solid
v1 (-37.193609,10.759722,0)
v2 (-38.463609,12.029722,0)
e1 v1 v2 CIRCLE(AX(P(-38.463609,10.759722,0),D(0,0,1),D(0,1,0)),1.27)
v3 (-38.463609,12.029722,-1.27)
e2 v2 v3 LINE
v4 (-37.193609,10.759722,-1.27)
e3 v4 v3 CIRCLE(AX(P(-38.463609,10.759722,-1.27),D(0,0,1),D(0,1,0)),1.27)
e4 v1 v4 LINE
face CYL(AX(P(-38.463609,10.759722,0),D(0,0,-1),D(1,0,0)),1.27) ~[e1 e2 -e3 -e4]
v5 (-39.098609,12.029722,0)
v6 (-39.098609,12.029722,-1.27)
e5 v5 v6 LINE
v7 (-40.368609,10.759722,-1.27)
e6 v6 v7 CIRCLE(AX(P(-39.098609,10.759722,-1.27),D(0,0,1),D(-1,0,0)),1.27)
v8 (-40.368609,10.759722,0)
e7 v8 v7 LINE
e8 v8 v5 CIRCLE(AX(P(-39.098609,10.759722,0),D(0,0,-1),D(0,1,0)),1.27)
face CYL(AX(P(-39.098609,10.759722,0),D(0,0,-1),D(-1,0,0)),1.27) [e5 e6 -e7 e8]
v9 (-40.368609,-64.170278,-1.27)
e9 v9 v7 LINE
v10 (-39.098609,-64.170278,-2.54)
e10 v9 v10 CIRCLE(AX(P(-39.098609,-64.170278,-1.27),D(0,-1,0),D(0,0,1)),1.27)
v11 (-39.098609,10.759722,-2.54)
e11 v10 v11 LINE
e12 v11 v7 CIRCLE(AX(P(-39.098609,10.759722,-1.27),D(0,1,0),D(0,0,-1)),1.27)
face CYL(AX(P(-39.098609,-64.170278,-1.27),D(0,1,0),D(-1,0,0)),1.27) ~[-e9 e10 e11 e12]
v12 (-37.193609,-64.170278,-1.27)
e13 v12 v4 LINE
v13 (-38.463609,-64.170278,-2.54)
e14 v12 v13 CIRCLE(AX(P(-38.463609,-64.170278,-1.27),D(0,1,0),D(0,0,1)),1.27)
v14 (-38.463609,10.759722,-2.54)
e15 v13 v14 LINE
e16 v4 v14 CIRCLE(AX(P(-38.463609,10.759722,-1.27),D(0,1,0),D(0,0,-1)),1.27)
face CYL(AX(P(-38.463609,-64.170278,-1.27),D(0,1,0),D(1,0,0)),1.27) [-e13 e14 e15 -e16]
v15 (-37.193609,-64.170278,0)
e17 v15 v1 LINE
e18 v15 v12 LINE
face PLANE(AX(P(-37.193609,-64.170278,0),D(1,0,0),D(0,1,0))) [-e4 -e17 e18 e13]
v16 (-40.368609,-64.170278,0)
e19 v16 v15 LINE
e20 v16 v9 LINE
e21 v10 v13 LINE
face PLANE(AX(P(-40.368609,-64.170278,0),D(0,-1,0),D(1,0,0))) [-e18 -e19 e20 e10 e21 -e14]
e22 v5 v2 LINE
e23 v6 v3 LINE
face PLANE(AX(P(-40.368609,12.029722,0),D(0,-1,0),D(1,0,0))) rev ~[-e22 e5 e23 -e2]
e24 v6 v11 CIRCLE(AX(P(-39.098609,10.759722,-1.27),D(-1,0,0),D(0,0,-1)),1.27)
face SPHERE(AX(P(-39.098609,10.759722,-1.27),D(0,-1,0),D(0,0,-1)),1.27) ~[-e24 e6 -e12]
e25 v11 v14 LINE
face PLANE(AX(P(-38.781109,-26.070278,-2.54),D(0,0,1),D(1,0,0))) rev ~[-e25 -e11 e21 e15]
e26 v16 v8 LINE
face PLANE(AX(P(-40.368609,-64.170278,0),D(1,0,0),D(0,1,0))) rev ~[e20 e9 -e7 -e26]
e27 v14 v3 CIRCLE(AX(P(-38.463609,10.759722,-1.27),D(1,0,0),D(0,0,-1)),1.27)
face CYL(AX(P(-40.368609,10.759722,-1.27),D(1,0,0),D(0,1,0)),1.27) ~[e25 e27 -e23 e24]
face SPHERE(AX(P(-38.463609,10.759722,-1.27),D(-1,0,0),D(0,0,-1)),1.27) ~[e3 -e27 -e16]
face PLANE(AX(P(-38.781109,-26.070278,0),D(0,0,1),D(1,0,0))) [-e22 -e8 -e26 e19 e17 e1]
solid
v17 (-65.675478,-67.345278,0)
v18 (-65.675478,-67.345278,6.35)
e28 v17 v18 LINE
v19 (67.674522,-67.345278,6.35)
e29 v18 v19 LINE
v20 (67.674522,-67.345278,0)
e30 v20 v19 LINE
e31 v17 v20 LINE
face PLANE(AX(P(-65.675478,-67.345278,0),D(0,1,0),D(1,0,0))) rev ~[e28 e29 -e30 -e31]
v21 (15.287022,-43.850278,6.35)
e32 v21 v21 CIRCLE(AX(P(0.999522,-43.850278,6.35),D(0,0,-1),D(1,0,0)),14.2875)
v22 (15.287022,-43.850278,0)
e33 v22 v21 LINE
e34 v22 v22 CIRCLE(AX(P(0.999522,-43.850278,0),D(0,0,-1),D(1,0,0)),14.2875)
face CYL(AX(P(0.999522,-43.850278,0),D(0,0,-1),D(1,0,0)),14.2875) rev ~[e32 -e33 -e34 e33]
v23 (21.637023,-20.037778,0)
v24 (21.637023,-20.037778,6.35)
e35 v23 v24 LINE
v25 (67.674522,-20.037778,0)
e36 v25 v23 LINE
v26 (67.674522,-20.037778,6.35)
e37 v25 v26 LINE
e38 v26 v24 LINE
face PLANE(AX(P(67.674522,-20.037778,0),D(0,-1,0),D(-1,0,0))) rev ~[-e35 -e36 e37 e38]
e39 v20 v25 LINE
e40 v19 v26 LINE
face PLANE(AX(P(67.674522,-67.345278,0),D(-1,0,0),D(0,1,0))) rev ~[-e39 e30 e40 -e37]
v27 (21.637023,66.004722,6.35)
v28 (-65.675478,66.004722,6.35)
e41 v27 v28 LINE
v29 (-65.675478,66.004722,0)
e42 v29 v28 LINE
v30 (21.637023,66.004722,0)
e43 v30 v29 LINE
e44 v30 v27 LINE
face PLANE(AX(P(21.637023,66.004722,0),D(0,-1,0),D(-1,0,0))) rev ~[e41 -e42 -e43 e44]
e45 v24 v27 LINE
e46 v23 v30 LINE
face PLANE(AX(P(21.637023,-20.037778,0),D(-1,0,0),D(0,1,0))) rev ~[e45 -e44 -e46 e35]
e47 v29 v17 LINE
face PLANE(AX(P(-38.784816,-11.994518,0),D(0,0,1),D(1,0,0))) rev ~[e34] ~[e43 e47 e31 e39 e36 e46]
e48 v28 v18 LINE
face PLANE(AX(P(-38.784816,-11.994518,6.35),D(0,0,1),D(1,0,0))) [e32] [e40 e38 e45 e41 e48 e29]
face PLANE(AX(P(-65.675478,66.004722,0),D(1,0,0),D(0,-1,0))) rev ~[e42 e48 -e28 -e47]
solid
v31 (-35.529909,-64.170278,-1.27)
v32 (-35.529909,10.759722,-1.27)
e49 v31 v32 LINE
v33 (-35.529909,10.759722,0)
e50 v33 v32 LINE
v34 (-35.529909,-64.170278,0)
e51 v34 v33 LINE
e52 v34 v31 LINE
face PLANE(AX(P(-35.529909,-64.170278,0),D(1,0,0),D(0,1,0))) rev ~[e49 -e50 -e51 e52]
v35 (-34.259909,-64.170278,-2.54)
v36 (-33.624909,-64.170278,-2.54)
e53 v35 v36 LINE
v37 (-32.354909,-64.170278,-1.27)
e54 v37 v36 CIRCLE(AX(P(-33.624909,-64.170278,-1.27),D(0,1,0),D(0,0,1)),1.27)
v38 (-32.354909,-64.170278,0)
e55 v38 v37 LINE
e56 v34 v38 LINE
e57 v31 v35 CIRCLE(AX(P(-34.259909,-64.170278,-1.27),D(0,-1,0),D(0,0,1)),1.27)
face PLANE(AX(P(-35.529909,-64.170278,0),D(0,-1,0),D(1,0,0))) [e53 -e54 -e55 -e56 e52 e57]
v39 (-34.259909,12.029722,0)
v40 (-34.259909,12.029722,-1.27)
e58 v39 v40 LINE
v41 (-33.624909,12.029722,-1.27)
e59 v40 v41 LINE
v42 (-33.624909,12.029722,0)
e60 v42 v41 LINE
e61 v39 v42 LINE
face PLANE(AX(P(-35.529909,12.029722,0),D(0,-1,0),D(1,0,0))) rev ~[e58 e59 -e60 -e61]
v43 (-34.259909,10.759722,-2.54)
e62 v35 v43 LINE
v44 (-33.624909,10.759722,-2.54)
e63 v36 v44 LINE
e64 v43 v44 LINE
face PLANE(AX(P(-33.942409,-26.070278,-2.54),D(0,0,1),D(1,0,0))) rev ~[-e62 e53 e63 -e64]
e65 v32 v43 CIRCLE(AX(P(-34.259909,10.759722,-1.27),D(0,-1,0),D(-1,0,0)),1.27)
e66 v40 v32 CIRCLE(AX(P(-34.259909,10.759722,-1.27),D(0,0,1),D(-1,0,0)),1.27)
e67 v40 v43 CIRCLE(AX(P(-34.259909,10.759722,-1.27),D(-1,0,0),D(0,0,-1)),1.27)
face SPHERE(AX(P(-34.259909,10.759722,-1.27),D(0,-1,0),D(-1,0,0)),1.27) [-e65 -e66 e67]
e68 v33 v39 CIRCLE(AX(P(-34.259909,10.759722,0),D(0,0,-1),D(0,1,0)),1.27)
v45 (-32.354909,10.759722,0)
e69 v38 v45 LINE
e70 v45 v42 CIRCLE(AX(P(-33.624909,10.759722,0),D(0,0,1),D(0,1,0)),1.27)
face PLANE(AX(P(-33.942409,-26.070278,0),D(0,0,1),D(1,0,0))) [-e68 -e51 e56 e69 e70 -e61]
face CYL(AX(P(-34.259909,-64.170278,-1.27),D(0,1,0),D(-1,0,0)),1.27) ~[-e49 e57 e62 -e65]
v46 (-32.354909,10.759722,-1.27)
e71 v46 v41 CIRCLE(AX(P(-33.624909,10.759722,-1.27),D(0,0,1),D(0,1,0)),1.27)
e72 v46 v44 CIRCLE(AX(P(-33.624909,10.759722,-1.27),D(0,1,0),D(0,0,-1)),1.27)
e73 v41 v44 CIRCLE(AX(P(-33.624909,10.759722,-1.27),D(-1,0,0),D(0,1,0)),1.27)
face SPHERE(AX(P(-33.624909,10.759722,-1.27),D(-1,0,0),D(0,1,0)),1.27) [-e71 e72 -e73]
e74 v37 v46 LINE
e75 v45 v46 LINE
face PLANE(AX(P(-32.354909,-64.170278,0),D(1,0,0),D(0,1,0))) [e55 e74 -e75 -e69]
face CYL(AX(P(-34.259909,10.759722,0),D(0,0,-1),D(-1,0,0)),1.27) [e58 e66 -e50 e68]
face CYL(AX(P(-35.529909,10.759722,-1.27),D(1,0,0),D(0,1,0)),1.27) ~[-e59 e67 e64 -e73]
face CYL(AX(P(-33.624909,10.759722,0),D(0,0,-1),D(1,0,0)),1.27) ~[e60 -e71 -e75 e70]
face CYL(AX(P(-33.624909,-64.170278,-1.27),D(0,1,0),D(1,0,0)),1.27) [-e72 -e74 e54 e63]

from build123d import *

# Parameters (mm, degrees)
F0_W     = 3.175
F0_H     = 76.2
F1_DEPTH = 2.54
F0_W_2   = 6.35
F0_H_2   = 40.9575
F0_W_3   = 31.749999404
F0_H_3   = 37.7825
F0_H_4   = 3.175
F0_H_5   = 6.35
F0_W_4   = 14.3044306234
F0_H_6   = 86.0425
F0_W_5   = 6.350000596
F2_DEPTH = 6.35
F3_R     = 1.27
F3_2_R   = 1.27


with BuildPart() as f1:
    # F0 (on Top) → F1 (new body)
    with BuildSketch(Plane.XY):
        with Locations((-33.9424085811, -26.0702777778)):
            Rectangle(F0_W, F0_H)
    extrude(amount=-F1_DEPTH)

    # F3#2
    f3_2_edges = [f1.edges().sort_by_distance(p)[0] for p in [
        (-35.529909, -26.070278, -2.54),
        (-35.529909, 12.029722, -1.27),
        (-33.942409, 12.029722, -2.54),
        (-32.354909, 12.029722, -1.27),
        (-32.354909, -26.070278, -2.54),
    ]]
    fillet(f3_2_edges, radius=F3_2_R)


with BuildPart() as f1b:
    # F0 (on Top) → F1, piece 2 (new body)
    with BuildSketch(Plane.XY):
        with Locations((-38.7811085811, -26.0702777778)):
            Rectangle(F0_W, F0_H)
    extrude(amount=-F1_DEPTH)

    # F3
    f3_edges = [f1b.edges().sort_by_distance(p)[0] for p in [
        (-40.368609, -26.070278, -2.54),
        (-38.781109, 12.029722, -2.54),
        (-40.368609, 12.029722, -1.27),
        (-37.193609, -26.070278, -2.54),
        (-37.193609, 12.029722, -1.27),
    ]]
    fillet(f3_edges, radius=F3_R)


with BuildPart() as f2:
    # F0 (on Top) → F2 (new body)
    with BuildSketch(Plane.XY):
        Polygon((-19.6549085811, 62.8297222222), (-56.1504779578, 62.8297222222), (-56.1504779578, 56.4797222222), (-62.5004779578, 56.4797222222), (-62.5004779578, -64.1702777778), (-40.8539100051, -64.1702777778), (-40.3686085811, -64.1702777778), (-40.3686085811, 12.0297222222), (-37.1936085811, 12.0297222222), (-37.1936085811, -64.1702777778), (-35.5299085811, -64.1702777778), (-35.5299085811, 12.0297222222), (-32.3549085811, 12.0297222222), (-32.3549085811, -64.1702777778), (-19.6549085811, -64.1702777778), (-19.6549085811, -23.2127777778), (-19.6549085811, 27.9047222222), align=None)
        Polygon((-62.5004779578, 56.4797222222), (-62.5004779578, 62.8297222222), (-65.6754779578, 62.8297222222), (-65.6754779578, -67.3452777778), (64.4995220422, -67.3452777778), (64.4995220422, -64.1702777778), (32.7495226383, -64.1702777778), (21.6370226383, -64.1702777778), (15.2870220422, -64.1702777778), (0.9995220422, -64.1702777778), (-13.3049085811, -64.1702777778), (-19.6549085811, -64.1702777778), (-32.3549085811, -64.1702777778), (-35.5299085811, -64.1702777778), (-37.1936085811, -64.1702777778), (-40.3686085811, -64.1702777778), (-40.8539100051, -64.1702777778), (-62.5004779578, -64.1702777778), align=None)
        with Locations((-16.4799085811, -43.6915277778)):
            Rectangle(F0_W_2, F0_H_2)
        with BuildLine():
            Line((0.9995220422, -23.2127777778), (-13.3049085811, -23.2127777778))
            Line((-13.3049085811, -23.2127777778), (-13.3049085811, -64.1702777778))
            Line((-13.3049085811, -64.1702777778), (0.9995220422, -64.1702777778))
            Line((0.9995220422, -64.1702777778), (0.9995220422, -58.1377777778))
            ThreePointArc((0.9995220422, -58.1377777778), (-13.2879779578, -43.8502777778), (0.9995220422, -29.5627777778))
            Line((0.9995220422, -29.5627777778), (0.9995220422, -23.2127777778))
        make_face()
        with BuildLine():
            Line((15.2870220422, -23.2127777778), (0.9995220422, -23.2127777778))
            Line((0.9995220422, -23.2127777778), (0.9995220422, -29.5627777778))
            ThreePointArc((0.9995220422, -29.5627777778), (11.1023101784, -33.7474896416), (15.2870220422, -43.8502777778))
            Line((15.2870220422, -43.8502777778), (15.2870220422, -23.2127777778))
        make_face()
        with BuildLine():
            Line((0.9995220422, -58.1377777778), (0.9995220422, -64.1702777778))
            Line((0.9995220422, -64.1702777778), (15.2870220422, -64.1702777778))
            Line((15.2870220422, -64.1702777778), (15.2870220422, -43.8502777778))
            ThreePointArc((15.2870220422, -43.8502777778), (11.1023101784, -53.953065914), (0.9995220422, -58.1377777778))
        make_face()
        Polygon((21.6370226383, -23.2127777778), (15.2870220422, -23.2127777778), (15.2870220422, -43.8502777778), (15.2870220422, -64.1702777778), (21.6370226383, -64.1702777778), align=None)
        Polygon((21.6370226383, -64.1702777778), (32.7495226383, -64.1702777778), (32.7495226383, -26.3877777778), (32.7495226383, -23.2127777778), (21.6370226383, -23.2127777778), align=None)
        with Locations((48.6245223403, -45.2790277778)):
            Rectangle(F0_W_3, F0_H_3)
        with Locations((48.6245223403, -24.8002777778)):
            Rectangle(F0_W_3, F0_H_4)
        Polygon((32.7495226383, -23.2127777778), (64.4995220422, -23.2127777778), (64.4995220422, -20.0377777778), (21.6370226383, -20.0377777778), (21.6370226383, -23.2127777778), align=None)
        Polygon((64.4995220422, -64.1702777778), (64.4995220422, -67.3452777778), (67.6745220422, -67.3452777778), (67.6745220422, -23.2127777778), (64.4995220422, -23.2127777778), (64.4995220422, -26.3877777778), align=None)
        Polygon((8.9370220422, 62.8297222222), (0.9995220422, 62.8297222222), (0.9995220422, -23.2127777778), (15.2870220422, -23.2127777778), (15.2870220422, 56.4797222222), (8.9370220422, 56.4797222222), align=None)
        with Locations((12.1120220422, 59.6547222222)):
            Rectangle(F0_W_2, F0_H_5)
        Polygon((-13.3049085811, 62.8297222222), (-19.6549085811, 62.8297222222), (-19.6549085811, 27.9047222222), (-19.6549085811, -23.2127777778), (-13.3049085811, -23.2127777778), align=None)
        with Locations((-6.1526932694, 19.8084722222)):
            Rectangle(F0_W_4, F0_H_6)
        Polygon((-62.5004779578, 66.0047222222), (-62.5004779578, 62.8297222222), (-56.1504779578, 62.8297222222), (-19.6549085811, 62.8297222222), (-13.3049085811, 62.8297222222), (0.9995220422, 62.8297222222), (8.9370220422, 62.8297222222), (15.2870220422, 62.8297222222), (15.2870220422, 66.0047222222), align=None)
        with Locations((-59.3254779578, 59.6547222222)):
            Rectangle(F0_W_2, F0_H_5)
        with Locations((-64.0879779578, 64.4172222222)):
            Rectangle(F0_W, F0_H_4)
        Polygon((21.6370226383, 62.8297222222), (15.2870220422, 62.8297222222), (15.2870220422, 56.4797222222), (15.2870220422, -23.2127777778), (21.6370226383, -23.2127777778), (21.6370226383, -20.0377777778), (21.6370226383, 27.9047222222), align=None)
        with Locations((18.4620223403, 64.4172222222)):
            Rectangle(F0_W_5, F0_H_4)
        with Locations((66.0870220422, -21.6252777778)):
            Rectangle(F0_W, F0_H_4)
        with Locations((-33.9424085811, -26.0702777778)):
            Rectangle(F0_W, F0_H)
        with Locations((-38.7811085811, -26.0702777778)):
            Rectangle(F0_W, F0_H)
    extrude(amount=F2_DEPTH)


solid = Compound([f1.part, f1b.part, f2.part])
